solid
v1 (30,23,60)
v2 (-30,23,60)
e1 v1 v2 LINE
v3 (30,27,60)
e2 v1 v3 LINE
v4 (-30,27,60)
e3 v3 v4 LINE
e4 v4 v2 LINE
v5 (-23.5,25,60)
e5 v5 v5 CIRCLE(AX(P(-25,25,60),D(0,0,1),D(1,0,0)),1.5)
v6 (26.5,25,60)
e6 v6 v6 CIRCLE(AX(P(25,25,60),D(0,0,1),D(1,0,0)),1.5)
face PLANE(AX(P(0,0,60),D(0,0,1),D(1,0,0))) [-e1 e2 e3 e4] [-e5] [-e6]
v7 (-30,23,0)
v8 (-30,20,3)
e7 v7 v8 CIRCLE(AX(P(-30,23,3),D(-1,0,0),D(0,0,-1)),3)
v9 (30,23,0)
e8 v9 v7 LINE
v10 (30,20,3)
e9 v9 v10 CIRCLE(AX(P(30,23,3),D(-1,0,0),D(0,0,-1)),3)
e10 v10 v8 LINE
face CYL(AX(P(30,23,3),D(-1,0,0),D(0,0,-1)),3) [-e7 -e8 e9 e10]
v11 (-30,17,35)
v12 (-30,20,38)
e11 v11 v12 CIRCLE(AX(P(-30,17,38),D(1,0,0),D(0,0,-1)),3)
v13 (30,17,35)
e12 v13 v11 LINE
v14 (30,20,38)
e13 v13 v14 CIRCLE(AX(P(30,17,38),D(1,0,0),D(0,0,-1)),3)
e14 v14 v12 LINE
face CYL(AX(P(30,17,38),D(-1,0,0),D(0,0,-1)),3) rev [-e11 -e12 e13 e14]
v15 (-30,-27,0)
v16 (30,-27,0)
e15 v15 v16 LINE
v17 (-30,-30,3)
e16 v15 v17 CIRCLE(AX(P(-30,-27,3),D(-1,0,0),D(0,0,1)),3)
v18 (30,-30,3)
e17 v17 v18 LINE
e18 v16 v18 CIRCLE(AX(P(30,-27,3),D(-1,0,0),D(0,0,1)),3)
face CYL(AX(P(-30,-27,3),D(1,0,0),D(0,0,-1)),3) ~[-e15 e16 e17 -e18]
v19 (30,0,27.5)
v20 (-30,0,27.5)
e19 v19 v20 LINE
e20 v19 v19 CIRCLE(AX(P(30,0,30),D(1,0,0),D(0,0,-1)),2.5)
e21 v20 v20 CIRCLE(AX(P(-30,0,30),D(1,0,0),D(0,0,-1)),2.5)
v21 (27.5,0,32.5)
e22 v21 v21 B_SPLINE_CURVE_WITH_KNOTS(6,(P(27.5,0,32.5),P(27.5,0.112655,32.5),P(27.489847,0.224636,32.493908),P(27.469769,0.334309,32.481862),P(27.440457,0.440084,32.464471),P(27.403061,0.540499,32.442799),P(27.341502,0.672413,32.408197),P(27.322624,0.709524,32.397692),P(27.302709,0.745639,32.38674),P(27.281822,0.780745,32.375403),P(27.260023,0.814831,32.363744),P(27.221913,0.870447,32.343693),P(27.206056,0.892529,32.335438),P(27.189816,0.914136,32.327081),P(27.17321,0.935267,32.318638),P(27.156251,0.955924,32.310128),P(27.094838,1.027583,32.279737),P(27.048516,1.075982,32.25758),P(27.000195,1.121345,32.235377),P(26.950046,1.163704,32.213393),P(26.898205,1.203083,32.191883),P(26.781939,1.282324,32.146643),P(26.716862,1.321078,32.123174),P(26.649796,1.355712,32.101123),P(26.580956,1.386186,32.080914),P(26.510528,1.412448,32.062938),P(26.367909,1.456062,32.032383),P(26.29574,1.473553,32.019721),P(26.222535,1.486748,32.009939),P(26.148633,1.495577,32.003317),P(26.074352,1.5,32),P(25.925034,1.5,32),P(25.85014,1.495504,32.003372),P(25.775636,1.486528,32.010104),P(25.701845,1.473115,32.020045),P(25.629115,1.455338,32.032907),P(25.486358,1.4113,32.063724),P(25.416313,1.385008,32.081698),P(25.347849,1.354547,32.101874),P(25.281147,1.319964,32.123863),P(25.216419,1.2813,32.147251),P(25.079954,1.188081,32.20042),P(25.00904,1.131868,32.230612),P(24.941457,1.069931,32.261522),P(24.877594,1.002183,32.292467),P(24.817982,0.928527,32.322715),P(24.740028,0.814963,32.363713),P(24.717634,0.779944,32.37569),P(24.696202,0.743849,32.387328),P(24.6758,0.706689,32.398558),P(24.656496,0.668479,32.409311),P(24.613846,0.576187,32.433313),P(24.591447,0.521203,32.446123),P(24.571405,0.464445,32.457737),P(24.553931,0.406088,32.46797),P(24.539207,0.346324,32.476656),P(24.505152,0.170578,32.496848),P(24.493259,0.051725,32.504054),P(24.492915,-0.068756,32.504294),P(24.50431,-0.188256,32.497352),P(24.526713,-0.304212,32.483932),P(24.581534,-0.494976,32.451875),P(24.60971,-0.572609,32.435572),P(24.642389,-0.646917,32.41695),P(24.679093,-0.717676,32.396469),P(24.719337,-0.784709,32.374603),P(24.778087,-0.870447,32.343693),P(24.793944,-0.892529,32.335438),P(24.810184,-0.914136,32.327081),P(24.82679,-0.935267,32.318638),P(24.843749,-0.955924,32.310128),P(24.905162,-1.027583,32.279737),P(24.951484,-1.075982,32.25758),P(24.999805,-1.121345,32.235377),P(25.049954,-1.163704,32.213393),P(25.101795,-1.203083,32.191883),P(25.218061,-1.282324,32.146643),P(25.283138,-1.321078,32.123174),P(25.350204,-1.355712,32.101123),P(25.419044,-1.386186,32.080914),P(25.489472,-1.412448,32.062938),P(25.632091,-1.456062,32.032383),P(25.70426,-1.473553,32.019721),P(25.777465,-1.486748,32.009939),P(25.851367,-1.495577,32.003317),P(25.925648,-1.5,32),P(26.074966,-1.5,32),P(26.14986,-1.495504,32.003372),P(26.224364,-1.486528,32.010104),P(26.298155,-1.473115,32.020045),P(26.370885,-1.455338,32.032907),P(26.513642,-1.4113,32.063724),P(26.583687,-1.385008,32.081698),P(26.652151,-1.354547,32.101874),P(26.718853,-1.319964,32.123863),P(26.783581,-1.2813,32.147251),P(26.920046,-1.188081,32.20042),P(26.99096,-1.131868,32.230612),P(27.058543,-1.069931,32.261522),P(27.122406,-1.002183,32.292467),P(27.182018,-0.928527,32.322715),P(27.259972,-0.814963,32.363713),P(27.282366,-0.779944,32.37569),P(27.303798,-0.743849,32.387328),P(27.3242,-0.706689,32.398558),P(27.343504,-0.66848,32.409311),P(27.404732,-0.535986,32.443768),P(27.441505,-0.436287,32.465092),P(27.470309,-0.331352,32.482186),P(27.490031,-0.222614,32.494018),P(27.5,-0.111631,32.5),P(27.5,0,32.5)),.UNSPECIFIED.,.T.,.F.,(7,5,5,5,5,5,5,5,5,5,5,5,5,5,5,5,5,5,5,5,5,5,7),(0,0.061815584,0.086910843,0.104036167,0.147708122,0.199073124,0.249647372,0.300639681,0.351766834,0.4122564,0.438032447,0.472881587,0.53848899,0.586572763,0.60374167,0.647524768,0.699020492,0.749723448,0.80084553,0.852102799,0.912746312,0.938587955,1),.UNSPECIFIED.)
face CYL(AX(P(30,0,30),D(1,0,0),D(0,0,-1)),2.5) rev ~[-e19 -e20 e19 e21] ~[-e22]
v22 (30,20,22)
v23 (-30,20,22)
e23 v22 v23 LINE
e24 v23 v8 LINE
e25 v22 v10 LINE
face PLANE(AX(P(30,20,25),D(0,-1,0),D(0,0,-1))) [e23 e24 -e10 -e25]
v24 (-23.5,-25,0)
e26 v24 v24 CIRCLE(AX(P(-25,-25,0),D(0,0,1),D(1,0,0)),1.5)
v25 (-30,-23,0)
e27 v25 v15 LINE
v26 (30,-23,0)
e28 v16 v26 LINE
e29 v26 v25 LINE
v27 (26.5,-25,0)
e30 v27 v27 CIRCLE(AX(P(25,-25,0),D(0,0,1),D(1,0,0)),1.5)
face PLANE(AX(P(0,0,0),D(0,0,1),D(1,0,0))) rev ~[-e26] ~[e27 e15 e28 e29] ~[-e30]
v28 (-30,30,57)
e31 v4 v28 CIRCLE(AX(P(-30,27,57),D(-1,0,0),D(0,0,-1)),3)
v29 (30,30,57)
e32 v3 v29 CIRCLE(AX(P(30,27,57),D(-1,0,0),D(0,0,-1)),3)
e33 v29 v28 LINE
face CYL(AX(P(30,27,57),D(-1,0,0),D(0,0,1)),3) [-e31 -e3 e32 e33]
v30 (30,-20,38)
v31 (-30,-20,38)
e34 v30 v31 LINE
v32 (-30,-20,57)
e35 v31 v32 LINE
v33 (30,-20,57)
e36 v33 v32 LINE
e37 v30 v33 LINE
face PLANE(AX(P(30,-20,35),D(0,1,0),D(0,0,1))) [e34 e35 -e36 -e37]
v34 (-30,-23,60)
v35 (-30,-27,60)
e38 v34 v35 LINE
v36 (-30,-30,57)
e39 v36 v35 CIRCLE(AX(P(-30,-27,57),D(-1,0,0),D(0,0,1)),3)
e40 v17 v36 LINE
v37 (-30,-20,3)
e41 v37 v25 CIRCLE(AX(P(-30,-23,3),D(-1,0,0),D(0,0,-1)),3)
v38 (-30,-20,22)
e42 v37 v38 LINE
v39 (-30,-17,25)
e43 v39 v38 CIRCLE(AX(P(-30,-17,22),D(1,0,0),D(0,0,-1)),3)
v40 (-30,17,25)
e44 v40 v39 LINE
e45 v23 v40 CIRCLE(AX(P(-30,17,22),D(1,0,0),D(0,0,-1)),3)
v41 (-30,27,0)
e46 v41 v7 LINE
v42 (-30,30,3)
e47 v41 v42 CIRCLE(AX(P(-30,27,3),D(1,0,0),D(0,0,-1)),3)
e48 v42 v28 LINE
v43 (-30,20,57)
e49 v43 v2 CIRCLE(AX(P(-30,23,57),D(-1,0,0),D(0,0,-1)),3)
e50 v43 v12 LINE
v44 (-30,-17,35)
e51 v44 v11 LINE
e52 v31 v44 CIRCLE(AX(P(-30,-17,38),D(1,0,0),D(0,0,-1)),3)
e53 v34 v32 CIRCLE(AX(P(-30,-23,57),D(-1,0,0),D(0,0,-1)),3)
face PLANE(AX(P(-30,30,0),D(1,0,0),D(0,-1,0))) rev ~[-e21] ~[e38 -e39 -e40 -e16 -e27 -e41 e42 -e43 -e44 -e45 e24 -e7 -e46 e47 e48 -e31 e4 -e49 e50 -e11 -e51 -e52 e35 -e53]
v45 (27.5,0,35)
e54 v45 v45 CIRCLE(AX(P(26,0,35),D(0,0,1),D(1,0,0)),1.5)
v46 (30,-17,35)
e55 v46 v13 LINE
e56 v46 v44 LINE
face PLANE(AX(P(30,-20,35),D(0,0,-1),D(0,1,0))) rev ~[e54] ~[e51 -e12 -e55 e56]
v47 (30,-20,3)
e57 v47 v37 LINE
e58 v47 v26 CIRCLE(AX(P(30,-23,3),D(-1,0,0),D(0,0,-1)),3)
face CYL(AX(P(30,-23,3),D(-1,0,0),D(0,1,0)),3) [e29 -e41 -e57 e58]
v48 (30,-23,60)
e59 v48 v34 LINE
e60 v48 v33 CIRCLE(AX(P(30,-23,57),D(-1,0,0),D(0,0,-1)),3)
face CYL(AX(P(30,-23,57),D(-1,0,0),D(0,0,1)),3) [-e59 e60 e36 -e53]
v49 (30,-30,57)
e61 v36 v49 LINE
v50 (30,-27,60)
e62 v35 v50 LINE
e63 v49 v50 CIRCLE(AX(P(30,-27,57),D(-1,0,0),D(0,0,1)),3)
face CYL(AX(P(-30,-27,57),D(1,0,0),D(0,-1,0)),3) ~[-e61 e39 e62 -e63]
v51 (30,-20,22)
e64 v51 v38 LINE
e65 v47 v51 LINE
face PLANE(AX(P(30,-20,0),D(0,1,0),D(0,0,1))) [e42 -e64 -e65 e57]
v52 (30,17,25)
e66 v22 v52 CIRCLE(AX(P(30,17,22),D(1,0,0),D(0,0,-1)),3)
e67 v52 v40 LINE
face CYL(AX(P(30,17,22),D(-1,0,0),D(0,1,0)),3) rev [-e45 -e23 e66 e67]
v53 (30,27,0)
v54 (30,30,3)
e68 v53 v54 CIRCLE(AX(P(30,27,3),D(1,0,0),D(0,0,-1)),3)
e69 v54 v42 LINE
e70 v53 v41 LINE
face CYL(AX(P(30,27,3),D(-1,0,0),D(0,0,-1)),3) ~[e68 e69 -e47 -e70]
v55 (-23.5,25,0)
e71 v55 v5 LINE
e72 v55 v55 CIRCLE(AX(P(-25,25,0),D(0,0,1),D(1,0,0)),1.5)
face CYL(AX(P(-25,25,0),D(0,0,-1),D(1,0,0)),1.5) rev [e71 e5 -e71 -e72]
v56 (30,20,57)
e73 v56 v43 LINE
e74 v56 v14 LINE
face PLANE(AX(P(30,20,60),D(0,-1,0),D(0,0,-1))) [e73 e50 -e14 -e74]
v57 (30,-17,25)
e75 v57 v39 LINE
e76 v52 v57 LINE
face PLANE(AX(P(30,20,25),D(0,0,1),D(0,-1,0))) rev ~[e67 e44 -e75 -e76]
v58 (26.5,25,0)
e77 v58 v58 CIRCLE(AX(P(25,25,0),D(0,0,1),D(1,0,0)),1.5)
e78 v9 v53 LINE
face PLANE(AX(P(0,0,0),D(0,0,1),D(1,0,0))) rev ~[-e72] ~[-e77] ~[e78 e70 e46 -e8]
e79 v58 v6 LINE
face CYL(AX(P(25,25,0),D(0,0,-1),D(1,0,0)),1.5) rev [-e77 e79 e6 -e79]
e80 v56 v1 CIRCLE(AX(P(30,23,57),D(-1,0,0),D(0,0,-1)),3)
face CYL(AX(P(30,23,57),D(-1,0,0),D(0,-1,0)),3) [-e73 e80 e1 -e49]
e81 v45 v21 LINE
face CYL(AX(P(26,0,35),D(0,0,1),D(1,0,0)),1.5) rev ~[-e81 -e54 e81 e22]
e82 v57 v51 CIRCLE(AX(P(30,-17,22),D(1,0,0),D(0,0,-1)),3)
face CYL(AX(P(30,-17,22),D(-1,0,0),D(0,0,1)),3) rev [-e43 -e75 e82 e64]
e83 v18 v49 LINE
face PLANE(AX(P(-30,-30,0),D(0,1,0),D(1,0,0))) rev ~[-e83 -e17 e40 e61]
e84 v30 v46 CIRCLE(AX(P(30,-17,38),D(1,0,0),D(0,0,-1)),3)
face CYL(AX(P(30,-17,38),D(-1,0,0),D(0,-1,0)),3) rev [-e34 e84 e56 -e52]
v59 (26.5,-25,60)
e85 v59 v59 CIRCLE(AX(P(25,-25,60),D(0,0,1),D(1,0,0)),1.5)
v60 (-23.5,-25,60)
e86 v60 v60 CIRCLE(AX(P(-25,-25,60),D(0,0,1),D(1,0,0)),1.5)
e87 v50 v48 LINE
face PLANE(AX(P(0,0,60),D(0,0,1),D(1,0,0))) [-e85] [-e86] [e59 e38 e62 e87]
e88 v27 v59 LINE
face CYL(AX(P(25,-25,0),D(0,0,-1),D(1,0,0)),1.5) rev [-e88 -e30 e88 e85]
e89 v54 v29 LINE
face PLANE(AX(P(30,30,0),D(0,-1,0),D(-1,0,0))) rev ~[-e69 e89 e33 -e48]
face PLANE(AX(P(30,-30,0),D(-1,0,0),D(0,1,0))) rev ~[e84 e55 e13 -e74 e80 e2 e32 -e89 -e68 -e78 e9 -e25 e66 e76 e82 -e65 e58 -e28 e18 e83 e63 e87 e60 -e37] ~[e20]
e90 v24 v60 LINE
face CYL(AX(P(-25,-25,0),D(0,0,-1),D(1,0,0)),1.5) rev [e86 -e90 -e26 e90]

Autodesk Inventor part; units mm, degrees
ref_plane "YZ Plane" through (0, 0, 0) normal (1, 0, 0) x (0, 1, 0)
ref_plane "XZ Plane" through (0, 0, 0) normal (0, 1, 0) x (-1, 0, 0)
ref_plane "XY Plane" through (0, 0, 0) normal (0, 0, 1) x (1, 0, 0)
sketch "Sketch1" plane through (0, 0, 0) normal (0, 0, 1) x (1, 0, 0)
  line L0 (-30, -30) -> (30, -30)
  line L1 (30, -30) -> (30, 30)
  line L2 (30, 30) -> (-30, 30)
  line L3 (-30, 30) -> (-30, -30)
  line L4 (-30, -30) -> (30, 30) construction
  line L5 (30, -30) -> (-30, 30) construction
  line L6 (30, 30) -> (25, 30) construction
  line L7 (25, 30) -> (25, 25) construction
  line L8 (-30, 30) -> (-25, 30) construction
  line L9 (-25, 30) -> (-25, 25) construction
  line L10 (-30, -30) -> (-30, -25) construction
  line L11 (-30, -25) -> (-25, -25) construction
  line L12 (30, -30) -> (30, -25) construction
  line L13 (30, -25) -> (25, -25) construction
  circle A0 centre (-25, 25) radius 1.5
  circle A1 centre (25, 25) radius 1.5
  circle A2 centre (25, -25) radius 1.5
  circle A3 centre (-25, -25) radius 1.5
  point P0 (0, 0)
  dimension "d0" = 60
  dimension "d1" = 60
  dimension "d2" = 5
  dimension "d3" = 5
  dimension "d4" = 5
  dimension "d5" = 5
  dimension "d6" = 5
  dimension "d7" = 5
  dimension "d8" = 5
  dimension "d9" = 5
  dimension "d10" = 3
  dimension "d11" = 3
  dimension "d12" = 3
  dimension "d13" = 3
extrude "Block" add sketch "Sketch1" along normal blind 60
sketch "Sketch2" plane through (30, -30, 0) normal (1, 0, 0) x (0, 0, -1)
  line L0 (0, 0) -> (0, 60) construction
  line L1 (-60, 0) -> (0, 60) construction
  circle A0 centre (-30, 30) radius 2.5
  point P0 (0, 30)
  dimension "d17" = 5
extrude "Motor Mount" cut sketch "Sketch2" against normal blind 60
sketch "Sketch3" plane through (30, -30, 0) normal (1, 0, 0) x (0, 0, -1)
  line L0 (0, 60) -> (-60, 60) construction
  line L1 (-60, 60) -> (-60, 50) construction
  line L2 (-60, 60) -> (-60, 0) construction
  line L3 (-60, 50) -> (0, 50) construction
  line L4 (0, 60) -> (0, 0) construction
  line L5 (-60, 0) -> (-60, 10) construction
  line L6 (-60, 10) -> (0, 10) construction
  circle A0 centre (-30, 30) radius 2.5 construction
  line L7 (-30, 30) -> (-25, 30) construction
  line L8 (-30, 30) -> (-35, 30) construction
  line L9 (-35, 30) -> (-35, 10) construction
  line L10 (-25, 30) -> (-25, 10) construction
  line L11 (-25, 30) -> (-25, 50) construction
  line L12 (-35, 30) -> (-35, 50) construction
  line L13 (-60, 50) -> (-35, 50)
  line L14 (-35, 10) -> (-60, 10)
  line L15 (-35, 10) -> (-35, 50)
  line L16 (-25, 50) -> (-25, 10)
  line L17 (0, 10) -> (-25, 10)
  line L18 (-25, 50) -> (0, 50)
  line L19 (0, 50) -> (0, 10)
  line L20 (-60, 10) -> (-60, 50)
  point P0 (0, 30)
  dimension "d20" = 10
  dimension "d21" = 10
  dimension "d22" = 5
  dimension "d23" = 5
extrude "Plastic Savings" cut sketch "Sketch3" against normal blind 60
fillet "Fillets FTW" radius 3 12 edges at (0, -30, 60) (0, -20, 60) (0, 30, 60) (0, 20, 60) (0, 20, 35) (0, -20, 35) (0, -20, 0) (0, -30, 0) (0, -20, 25) (0, 20, 25) (0, 30, 0) (0, 20, 0)
sketch "Sketch4" plane through (30, -17, 35) normal (0, 0, 1) x (1, 0, 0)
  line L0 (0, 19.5) -> (0, 14.5) construction
  line L1 (0, 17) -> (-4, 17) construction
  circle A0 centre (-4, 17) radius 1.5
  point P0 (-30, 17)
  dimension "d27" = 4
  dimension "d28" = 3
extrude "Axle Lock" cut sketch "Sketch4" against normal blind 3.75
properties part number "60x60Idler"
